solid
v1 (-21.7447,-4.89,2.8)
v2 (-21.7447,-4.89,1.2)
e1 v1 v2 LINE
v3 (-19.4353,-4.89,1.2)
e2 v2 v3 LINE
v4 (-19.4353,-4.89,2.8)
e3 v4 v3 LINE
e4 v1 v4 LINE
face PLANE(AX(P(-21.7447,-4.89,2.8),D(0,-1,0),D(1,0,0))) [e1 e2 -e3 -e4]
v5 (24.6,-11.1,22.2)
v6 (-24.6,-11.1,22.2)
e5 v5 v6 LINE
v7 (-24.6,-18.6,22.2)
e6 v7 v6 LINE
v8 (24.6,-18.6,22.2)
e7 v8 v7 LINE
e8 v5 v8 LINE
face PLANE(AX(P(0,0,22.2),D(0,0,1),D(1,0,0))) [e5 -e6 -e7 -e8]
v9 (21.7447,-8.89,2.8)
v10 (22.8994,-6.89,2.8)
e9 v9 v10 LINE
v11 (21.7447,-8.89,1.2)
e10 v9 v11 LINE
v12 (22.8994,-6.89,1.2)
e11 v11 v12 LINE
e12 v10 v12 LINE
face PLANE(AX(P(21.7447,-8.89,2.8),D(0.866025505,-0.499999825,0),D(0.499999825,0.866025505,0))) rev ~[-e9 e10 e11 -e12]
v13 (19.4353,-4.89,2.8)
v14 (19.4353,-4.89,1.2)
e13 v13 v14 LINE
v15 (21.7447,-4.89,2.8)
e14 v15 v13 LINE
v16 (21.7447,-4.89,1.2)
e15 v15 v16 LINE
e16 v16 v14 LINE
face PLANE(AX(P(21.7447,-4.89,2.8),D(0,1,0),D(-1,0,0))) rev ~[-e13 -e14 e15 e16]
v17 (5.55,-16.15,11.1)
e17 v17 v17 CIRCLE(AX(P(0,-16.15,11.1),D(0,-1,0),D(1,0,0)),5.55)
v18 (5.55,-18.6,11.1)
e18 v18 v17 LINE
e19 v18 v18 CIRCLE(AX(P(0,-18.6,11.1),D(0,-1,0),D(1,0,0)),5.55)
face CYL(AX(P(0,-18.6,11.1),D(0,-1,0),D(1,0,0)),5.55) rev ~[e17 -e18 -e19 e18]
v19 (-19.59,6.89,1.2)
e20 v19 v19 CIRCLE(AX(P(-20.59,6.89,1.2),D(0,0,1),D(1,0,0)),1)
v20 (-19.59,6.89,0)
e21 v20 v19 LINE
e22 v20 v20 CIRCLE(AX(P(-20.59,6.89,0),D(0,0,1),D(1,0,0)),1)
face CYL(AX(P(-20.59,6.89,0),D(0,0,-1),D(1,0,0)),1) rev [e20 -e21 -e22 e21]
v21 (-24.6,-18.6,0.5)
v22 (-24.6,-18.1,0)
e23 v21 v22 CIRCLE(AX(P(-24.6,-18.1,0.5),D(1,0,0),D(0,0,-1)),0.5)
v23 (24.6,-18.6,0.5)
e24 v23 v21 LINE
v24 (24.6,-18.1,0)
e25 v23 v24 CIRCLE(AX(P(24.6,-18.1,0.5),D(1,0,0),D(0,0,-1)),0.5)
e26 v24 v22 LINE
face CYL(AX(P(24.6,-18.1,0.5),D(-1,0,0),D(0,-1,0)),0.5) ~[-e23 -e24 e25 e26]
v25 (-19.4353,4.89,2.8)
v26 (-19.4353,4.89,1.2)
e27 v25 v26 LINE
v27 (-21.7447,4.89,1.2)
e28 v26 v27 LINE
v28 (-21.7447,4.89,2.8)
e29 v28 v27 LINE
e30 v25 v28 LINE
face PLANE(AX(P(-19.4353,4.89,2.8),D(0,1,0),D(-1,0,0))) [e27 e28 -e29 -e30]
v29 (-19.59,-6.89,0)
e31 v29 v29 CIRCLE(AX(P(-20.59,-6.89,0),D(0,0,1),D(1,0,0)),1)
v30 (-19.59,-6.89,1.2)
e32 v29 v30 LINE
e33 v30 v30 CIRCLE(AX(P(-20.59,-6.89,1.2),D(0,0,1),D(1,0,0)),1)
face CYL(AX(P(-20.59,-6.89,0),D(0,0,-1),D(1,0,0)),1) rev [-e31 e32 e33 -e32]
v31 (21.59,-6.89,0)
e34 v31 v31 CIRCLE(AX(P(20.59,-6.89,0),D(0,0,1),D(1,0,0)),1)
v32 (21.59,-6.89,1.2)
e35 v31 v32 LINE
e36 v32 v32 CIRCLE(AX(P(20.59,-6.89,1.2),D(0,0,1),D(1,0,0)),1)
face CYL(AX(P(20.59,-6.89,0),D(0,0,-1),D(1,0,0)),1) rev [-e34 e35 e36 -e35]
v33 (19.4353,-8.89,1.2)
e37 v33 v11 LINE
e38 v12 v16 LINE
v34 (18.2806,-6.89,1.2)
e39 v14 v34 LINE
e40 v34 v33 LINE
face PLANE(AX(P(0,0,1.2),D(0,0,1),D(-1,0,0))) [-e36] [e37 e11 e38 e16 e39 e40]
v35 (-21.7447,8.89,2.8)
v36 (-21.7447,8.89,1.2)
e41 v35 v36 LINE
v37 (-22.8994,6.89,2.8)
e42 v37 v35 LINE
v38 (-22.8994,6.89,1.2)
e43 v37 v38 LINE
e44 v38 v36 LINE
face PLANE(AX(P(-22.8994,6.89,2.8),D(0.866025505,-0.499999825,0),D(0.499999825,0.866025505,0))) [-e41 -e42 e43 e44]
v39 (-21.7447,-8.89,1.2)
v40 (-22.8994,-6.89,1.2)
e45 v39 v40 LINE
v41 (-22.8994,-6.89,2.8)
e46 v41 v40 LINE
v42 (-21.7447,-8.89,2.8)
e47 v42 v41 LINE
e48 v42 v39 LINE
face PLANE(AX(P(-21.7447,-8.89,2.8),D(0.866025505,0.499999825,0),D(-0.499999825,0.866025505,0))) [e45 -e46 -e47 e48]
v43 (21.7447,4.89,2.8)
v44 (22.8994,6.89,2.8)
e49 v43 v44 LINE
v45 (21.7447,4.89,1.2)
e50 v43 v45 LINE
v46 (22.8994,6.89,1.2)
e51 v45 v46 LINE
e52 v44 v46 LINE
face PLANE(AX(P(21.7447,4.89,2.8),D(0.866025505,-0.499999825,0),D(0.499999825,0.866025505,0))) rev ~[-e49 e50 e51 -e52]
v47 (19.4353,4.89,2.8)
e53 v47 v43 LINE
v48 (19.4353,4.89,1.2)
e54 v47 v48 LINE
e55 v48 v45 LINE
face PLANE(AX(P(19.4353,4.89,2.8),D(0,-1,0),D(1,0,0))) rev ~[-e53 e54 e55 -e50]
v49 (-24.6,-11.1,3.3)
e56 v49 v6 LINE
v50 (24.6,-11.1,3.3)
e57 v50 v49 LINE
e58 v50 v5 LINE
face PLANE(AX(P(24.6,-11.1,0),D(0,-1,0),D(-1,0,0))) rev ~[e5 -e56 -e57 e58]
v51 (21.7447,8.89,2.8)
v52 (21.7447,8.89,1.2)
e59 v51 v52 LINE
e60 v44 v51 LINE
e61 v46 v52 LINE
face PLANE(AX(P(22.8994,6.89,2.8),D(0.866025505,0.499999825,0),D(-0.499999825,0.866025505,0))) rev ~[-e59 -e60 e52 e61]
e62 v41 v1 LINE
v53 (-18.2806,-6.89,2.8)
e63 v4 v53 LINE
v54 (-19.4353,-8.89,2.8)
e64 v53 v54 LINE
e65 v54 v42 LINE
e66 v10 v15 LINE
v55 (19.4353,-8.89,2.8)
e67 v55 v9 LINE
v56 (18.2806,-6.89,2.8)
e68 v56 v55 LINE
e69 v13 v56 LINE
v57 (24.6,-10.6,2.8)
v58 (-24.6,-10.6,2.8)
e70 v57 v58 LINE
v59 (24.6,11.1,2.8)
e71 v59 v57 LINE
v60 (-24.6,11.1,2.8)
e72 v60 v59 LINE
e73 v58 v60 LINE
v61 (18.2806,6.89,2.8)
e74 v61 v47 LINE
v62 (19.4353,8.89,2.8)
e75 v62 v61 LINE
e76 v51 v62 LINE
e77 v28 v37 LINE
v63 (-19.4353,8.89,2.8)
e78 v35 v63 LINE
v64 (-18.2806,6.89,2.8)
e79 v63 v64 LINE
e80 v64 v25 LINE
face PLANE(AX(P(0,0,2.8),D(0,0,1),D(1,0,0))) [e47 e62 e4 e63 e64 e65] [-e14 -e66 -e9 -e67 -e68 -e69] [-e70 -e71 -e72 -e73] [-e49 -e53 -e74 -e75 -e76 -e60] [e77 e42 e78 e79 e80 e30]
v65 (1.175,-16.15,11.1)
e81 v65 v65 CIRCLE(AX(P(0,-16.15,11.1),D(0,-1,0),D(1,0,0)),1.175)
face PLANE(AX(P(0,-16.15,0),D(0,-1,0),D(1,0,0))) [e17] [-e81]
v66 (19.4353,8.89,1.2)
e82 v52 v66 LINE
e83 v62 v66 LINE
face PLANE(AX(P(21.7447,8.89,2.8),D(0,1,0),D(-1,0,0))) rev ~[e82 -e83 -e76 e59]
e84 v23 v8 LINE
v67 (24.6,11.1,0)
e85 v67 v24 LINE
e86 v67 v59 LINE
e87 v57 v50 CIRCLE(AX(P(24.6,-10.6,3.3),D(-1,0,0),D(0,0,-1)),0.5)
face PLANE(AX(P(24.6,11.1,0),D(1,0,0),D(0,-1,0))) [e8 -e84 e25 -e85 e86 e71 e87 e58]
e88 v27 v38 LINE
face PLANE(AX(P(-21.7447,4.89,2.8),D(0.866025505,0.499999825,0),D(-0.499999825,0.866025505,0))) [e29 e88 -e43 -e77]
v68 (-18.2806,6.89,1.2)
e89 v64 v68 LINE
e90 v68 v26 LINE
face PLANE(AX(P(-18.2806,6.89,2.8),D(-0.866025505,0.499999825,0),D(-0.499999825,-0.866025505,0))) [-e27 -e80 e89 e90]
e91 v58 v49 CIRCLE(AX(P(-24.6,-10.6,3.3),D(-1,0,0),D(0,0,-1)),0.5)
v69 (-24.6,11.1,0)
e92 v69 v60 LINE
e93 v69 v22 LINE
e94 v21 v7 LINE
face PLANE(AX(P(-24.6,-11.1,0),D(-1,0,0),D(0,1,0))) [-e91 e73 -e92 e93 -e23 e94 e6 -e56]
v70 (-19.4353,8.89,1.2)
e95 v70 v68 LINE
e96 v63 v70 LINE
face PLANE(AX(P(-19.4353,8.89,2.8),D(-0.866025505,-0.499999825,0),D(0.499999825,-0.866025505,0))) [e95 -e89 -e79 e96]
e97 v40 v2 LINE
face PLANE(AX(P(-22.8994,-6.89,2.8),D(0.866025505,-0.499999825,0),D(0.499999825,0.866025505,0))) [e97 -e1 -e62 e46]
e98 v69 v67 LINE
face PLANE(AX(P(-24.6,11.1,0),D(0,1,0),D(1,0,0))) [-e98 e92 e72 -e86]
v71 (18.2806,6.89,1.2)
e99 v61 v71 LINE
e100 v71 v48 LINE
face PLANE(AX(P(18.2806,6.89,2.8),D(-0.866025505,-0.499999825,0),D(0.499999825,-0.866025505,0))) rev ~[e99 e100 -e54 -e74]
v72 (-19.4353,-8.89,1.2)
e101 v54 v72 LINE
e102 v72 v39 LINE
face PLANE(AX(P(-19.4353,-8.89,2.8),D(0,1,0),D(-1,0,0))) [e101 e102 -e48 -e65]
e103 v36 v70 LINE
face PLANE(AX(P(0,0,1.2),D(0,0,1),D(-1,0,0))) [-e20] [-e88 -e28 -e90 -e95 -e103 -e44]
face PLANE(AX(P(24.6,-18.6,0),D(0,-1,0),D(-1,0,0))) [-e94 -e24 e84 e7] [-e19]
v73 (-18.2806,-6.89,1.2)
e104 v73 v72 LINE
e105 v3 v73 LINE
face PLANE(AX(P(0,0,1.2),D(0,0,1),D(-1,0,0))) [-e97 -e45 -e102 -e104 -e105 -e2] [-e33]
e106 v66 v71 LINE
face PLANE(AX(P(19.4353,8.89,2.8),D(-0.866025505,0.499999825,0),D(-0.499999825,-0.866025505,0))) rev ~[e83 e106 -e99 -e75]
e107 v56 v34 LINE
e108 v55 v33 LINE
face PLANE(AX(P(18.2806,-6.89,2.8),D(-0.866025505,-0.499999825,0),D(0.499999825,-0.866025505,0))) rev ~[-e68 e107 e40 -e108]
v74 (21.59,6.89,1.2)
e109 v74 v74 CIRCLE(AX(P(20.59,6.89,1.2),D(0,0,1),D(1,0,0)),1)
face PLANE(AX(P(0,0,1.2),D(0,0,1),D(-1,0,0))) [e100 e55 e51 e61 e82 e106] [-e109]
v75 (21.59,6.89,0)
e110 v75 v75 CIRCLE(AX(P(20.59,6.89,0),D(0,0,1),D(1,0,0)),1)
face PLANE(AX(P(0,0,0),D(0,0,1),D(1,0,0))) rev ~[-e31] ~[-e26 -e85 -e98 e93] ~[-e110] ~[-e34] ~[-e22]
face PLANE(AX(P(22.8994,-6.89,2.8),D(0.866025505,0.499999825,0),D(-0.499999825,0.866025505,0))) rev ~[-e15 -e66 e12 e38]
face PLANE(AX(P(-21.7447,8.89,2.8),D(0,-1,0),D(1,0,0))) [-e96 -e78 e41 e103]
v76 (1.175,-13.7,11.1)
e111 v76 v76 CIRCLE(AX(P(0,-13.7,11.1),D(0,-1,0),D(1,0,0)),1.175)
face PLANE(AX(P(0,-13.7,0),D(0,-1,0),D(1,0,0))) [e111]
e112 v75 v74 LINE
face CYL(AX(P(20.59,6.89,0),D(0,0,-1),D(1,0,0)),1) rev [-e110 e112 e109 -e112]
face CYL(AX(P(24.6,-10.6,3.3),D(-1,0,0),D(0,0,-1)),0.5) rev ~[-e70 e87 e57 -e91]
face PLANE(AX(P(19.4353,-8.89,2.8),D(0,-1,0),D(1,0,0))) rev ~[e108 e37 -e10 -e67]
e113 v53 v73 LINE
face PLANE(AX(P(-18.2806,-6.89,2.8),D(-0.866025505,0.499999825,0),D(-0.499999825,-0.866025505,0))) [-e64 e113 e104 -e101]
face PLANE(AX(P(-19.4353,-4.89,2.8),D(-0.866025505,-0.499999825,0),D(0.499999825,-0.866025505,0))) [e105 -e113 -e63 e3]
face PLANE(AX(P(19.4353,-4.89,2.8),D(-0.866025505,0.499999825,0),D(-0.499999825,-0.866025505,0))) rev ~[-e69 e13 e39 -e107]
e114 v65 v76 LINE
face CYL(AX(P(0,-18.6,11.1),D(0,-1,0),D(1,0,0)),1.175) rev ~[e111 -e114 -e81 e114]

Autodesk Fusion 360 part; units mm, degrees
sketch "Boceto1" plane through (0, 0, 0) normal (0, 0, 1) x (1, 0, 0)
  line L0 (24.6, -11.1) -> (-24.6, -11.1)
  line L1 (-24.6, -11.1) -> (-24.6, 11.1)
  line L2 (-24.6, 11.1) -> (24.6, 11.1)
  line L3 (24.6, 11.1) -> (24.6, -11.1)
  line L4 (24.6, -11.1) -> (-24.6, 11.1) construction
  line L5 (-24.6, -11.1) -> (24.6, 11.1) construction
  circle A0 centre (-20.59, 6.89) radius 1
  line L6 (-24.6, 0) -> (24.6, 0) construction
  circle A1 centre (-20.59, -6.89) radius 1
  line L7 (-20.59, 6.89) -> (-20.59, -6.89) construction
  line L8 (0, 11.1) -> (0, -11.1) construction
  circle A2 centre (20.59, 6.89) radius 1
  circle A3 centre (20.59, -6.89) radius 1
  line L9 (24.6, -18.6) -> (-24.6, -18.6)
  line L10 (-24.6, -18.6) -> (-24.6, -11.1)
  line L11 (-24.6, -11.1) -> (24.6, -11.1)
  line L12 (24.6, -11.1) -> (24.6, -18.6)
  line L13 (24.6, -18.6) -> (-24.6, -11.1) construction
  line L14 (-24.6, -18.6) -> (24.6, -11.1) construction
  point P0 (-20.59, -5.89)
  point P1 (-20.59, 5.89)
  point P2 (0, -14.85)
  dimension "d1" = 22.2
  dimension "d2" = 49.2
  dimension "d3" = 2
  dimension "d4" = 4.01
  dimension "d5" = 4.21
  dimension "d10" = 49.2
  dimension "d11" = 7.5
extrude "Extruir1" add sketch "Boceto1" along normal blind 2.8 contours L0 L1 L2 L3 L11
extrude "Extruir2" add sketch "Boceto1" along normal blind 22.2 contours L0 L9 L10 L11 L12
fillet "Empalme1" radius 0.5 1 edges at (0, -11.1, 2.8)
sketch "Boceto2" plane through (0, -18.6, 0) normal (0, -1, 0) x (1, 0, 0)
  line L0 (-24.6, 0) -> (24.6, 0)
  line L1 (24.6, 0) -> (24.6, 22.2)
  line L2 (24.6, 22.2) -> (-24.6, 22.2)
  line L3 (-24.6, 22.2) -> (-24.6, 0)
  circle A0 centre (0, 11.1) radius 5.55
  line L4 (-24.6, 11.1) -> (24.6, 11.1) construction
  circle A1 centre (0, 11.1) radius 1.175
  dimension "d20" = 11.1
  dimension "d21" = 2.35
extrude "Extruir3" cut sketch "Boceto2" against normal blind 2.45 contours A0
extrude "Extruir4" cut sketch "Boceto2" against normal blind 4.9 contours A1
sketch "Boceto3" plane through (0, 0, 2.8) normal (0, 0, 1) x (-1, 0, 0)
  line L0 (24.6, 10.6) -> (-24.6, 10.6)
  line L1 (-24.6, 10.6) -> (-24.6, -11.1)
  line L2 (-24.6, -11.1) -> (24.6, -11.1)
  line L3 (24.6, -11.1) -> (24.6, 10.6)
  circle A0 centre (-20.59, -6.89) radius 1
  circle A1 centre (20.59, -6.89) radius 1
  circle A2 centre (20.59, 6.89) radius 1
  circle A3 centre (-20.59, 6.89) radius 1
  line L4 (-19.4353, -8.89) -> (-18.2806, -6.89)
  line L5 (-18.2806, -6.89) -> (-19.4353, -4.89)
  line L6 (-19.4353, -4.89) -> (-21.7447, -4.89)
  line L7 (-21.7447, -4.89) -> (-22.8994, -6.89)
  line L8 (-22.8994, -6.89) -> (-21.7447, -8.89)
  line L9 (-21.7447, -8.89) -> (-19.4353, -8.89)
  line L10 (0, 10.6) -> (0, -11.1) construction
  line L11 (-18.2806, 6.89) -> (-19.4353, 8.89)
  line L12 (-19.4353, 8.89) -> (-21.7447, 8.89)
  line L13 (-21.7447, 8.89) -> (-22.8994, 6.89)
  line L14 (-22.8994, 6.89) -> (-21.7447, 4.89)
  line L15 (-21.7447, 4.89) -> (-19.4353, 4.89)
  line L16 (-19.4353, 4.89) -> (-18.2806, 6.89)
  line L17 (21.7447, -8.89) -> (19.4353, -8.89)
  line L18 (19.4353, -8.89) -> (18.2806, -6.89)
  line L19 (18.2806, -6.89) -> (19.4353, -4.89)
  line L20 (22.8994, -6.89) -> (21.7447, -8.89)
  line L21 (21.7447, -4.89) -> (22.8994, -6.89)
  line L22 (19.4353, -4.89) -> (21.7447, -4.89)
  line L23 (21.7447, 4.89) -> (19.4353, 4.89)
  line L24 (19.4353, 4.89) -> (18.2806, 6.89)
  line L25 (18.2806, 6.89) -> (19.4353, 8.89)
  line L26 (19.4353, 8.89) -> (21.7447, 8.89)
  line L27 (21.7447, 8.89) -> (22.8994, 6.89)
  line L28 (22.8994, 6.89) -> (21.7447, 4.89)
  point P0 (-20.59, -6.89)
  point P1 (-20.59, 6.89)
  dimension "d26" = 2
  dimension "d27" = 2
extrude "Extruir5" cut sketch "Boceto3" against normal blind 1.6 contours L4 L5 L6 L7 L8 L9 | L11 L12 L13 L14 L15 L16 | L17 L18 L19 L20 L21 L22 | L23 L24 L25 L26 L27 L28
fillet "Empalme3" radius 0.5 1 edges at (0, -18.6, 0)
equation "d1 = 18 mm + tolerancia * 2 + grosor2 * 2"
equation "d2 = 45 mm + tolerancia * 2 + grosor2 * 2"
equation "d3 = 1.9 mm + tolerancia"
equation "d4 = 1.91 mm + grosor2 + tolerancia"
equation "d5 = 2.11 mm + grosor2 + tolerancia"
equation "grosor1 = 2.8 mm"
equation "grosor2 = 2 mm"
equation "grosor3 = 7.5 mm"
equation "tolerancia = 0.1 mm"
equation "d10 = d2"
equation "d11 = grosor3"
equation "d12 = grosor1"
equation "d14 = d1"
equation "d20 = 11 mm + tolerancia"
equation "d21 = 2.25 mm + tolerancia"
properties part number "Configuracion 1"
